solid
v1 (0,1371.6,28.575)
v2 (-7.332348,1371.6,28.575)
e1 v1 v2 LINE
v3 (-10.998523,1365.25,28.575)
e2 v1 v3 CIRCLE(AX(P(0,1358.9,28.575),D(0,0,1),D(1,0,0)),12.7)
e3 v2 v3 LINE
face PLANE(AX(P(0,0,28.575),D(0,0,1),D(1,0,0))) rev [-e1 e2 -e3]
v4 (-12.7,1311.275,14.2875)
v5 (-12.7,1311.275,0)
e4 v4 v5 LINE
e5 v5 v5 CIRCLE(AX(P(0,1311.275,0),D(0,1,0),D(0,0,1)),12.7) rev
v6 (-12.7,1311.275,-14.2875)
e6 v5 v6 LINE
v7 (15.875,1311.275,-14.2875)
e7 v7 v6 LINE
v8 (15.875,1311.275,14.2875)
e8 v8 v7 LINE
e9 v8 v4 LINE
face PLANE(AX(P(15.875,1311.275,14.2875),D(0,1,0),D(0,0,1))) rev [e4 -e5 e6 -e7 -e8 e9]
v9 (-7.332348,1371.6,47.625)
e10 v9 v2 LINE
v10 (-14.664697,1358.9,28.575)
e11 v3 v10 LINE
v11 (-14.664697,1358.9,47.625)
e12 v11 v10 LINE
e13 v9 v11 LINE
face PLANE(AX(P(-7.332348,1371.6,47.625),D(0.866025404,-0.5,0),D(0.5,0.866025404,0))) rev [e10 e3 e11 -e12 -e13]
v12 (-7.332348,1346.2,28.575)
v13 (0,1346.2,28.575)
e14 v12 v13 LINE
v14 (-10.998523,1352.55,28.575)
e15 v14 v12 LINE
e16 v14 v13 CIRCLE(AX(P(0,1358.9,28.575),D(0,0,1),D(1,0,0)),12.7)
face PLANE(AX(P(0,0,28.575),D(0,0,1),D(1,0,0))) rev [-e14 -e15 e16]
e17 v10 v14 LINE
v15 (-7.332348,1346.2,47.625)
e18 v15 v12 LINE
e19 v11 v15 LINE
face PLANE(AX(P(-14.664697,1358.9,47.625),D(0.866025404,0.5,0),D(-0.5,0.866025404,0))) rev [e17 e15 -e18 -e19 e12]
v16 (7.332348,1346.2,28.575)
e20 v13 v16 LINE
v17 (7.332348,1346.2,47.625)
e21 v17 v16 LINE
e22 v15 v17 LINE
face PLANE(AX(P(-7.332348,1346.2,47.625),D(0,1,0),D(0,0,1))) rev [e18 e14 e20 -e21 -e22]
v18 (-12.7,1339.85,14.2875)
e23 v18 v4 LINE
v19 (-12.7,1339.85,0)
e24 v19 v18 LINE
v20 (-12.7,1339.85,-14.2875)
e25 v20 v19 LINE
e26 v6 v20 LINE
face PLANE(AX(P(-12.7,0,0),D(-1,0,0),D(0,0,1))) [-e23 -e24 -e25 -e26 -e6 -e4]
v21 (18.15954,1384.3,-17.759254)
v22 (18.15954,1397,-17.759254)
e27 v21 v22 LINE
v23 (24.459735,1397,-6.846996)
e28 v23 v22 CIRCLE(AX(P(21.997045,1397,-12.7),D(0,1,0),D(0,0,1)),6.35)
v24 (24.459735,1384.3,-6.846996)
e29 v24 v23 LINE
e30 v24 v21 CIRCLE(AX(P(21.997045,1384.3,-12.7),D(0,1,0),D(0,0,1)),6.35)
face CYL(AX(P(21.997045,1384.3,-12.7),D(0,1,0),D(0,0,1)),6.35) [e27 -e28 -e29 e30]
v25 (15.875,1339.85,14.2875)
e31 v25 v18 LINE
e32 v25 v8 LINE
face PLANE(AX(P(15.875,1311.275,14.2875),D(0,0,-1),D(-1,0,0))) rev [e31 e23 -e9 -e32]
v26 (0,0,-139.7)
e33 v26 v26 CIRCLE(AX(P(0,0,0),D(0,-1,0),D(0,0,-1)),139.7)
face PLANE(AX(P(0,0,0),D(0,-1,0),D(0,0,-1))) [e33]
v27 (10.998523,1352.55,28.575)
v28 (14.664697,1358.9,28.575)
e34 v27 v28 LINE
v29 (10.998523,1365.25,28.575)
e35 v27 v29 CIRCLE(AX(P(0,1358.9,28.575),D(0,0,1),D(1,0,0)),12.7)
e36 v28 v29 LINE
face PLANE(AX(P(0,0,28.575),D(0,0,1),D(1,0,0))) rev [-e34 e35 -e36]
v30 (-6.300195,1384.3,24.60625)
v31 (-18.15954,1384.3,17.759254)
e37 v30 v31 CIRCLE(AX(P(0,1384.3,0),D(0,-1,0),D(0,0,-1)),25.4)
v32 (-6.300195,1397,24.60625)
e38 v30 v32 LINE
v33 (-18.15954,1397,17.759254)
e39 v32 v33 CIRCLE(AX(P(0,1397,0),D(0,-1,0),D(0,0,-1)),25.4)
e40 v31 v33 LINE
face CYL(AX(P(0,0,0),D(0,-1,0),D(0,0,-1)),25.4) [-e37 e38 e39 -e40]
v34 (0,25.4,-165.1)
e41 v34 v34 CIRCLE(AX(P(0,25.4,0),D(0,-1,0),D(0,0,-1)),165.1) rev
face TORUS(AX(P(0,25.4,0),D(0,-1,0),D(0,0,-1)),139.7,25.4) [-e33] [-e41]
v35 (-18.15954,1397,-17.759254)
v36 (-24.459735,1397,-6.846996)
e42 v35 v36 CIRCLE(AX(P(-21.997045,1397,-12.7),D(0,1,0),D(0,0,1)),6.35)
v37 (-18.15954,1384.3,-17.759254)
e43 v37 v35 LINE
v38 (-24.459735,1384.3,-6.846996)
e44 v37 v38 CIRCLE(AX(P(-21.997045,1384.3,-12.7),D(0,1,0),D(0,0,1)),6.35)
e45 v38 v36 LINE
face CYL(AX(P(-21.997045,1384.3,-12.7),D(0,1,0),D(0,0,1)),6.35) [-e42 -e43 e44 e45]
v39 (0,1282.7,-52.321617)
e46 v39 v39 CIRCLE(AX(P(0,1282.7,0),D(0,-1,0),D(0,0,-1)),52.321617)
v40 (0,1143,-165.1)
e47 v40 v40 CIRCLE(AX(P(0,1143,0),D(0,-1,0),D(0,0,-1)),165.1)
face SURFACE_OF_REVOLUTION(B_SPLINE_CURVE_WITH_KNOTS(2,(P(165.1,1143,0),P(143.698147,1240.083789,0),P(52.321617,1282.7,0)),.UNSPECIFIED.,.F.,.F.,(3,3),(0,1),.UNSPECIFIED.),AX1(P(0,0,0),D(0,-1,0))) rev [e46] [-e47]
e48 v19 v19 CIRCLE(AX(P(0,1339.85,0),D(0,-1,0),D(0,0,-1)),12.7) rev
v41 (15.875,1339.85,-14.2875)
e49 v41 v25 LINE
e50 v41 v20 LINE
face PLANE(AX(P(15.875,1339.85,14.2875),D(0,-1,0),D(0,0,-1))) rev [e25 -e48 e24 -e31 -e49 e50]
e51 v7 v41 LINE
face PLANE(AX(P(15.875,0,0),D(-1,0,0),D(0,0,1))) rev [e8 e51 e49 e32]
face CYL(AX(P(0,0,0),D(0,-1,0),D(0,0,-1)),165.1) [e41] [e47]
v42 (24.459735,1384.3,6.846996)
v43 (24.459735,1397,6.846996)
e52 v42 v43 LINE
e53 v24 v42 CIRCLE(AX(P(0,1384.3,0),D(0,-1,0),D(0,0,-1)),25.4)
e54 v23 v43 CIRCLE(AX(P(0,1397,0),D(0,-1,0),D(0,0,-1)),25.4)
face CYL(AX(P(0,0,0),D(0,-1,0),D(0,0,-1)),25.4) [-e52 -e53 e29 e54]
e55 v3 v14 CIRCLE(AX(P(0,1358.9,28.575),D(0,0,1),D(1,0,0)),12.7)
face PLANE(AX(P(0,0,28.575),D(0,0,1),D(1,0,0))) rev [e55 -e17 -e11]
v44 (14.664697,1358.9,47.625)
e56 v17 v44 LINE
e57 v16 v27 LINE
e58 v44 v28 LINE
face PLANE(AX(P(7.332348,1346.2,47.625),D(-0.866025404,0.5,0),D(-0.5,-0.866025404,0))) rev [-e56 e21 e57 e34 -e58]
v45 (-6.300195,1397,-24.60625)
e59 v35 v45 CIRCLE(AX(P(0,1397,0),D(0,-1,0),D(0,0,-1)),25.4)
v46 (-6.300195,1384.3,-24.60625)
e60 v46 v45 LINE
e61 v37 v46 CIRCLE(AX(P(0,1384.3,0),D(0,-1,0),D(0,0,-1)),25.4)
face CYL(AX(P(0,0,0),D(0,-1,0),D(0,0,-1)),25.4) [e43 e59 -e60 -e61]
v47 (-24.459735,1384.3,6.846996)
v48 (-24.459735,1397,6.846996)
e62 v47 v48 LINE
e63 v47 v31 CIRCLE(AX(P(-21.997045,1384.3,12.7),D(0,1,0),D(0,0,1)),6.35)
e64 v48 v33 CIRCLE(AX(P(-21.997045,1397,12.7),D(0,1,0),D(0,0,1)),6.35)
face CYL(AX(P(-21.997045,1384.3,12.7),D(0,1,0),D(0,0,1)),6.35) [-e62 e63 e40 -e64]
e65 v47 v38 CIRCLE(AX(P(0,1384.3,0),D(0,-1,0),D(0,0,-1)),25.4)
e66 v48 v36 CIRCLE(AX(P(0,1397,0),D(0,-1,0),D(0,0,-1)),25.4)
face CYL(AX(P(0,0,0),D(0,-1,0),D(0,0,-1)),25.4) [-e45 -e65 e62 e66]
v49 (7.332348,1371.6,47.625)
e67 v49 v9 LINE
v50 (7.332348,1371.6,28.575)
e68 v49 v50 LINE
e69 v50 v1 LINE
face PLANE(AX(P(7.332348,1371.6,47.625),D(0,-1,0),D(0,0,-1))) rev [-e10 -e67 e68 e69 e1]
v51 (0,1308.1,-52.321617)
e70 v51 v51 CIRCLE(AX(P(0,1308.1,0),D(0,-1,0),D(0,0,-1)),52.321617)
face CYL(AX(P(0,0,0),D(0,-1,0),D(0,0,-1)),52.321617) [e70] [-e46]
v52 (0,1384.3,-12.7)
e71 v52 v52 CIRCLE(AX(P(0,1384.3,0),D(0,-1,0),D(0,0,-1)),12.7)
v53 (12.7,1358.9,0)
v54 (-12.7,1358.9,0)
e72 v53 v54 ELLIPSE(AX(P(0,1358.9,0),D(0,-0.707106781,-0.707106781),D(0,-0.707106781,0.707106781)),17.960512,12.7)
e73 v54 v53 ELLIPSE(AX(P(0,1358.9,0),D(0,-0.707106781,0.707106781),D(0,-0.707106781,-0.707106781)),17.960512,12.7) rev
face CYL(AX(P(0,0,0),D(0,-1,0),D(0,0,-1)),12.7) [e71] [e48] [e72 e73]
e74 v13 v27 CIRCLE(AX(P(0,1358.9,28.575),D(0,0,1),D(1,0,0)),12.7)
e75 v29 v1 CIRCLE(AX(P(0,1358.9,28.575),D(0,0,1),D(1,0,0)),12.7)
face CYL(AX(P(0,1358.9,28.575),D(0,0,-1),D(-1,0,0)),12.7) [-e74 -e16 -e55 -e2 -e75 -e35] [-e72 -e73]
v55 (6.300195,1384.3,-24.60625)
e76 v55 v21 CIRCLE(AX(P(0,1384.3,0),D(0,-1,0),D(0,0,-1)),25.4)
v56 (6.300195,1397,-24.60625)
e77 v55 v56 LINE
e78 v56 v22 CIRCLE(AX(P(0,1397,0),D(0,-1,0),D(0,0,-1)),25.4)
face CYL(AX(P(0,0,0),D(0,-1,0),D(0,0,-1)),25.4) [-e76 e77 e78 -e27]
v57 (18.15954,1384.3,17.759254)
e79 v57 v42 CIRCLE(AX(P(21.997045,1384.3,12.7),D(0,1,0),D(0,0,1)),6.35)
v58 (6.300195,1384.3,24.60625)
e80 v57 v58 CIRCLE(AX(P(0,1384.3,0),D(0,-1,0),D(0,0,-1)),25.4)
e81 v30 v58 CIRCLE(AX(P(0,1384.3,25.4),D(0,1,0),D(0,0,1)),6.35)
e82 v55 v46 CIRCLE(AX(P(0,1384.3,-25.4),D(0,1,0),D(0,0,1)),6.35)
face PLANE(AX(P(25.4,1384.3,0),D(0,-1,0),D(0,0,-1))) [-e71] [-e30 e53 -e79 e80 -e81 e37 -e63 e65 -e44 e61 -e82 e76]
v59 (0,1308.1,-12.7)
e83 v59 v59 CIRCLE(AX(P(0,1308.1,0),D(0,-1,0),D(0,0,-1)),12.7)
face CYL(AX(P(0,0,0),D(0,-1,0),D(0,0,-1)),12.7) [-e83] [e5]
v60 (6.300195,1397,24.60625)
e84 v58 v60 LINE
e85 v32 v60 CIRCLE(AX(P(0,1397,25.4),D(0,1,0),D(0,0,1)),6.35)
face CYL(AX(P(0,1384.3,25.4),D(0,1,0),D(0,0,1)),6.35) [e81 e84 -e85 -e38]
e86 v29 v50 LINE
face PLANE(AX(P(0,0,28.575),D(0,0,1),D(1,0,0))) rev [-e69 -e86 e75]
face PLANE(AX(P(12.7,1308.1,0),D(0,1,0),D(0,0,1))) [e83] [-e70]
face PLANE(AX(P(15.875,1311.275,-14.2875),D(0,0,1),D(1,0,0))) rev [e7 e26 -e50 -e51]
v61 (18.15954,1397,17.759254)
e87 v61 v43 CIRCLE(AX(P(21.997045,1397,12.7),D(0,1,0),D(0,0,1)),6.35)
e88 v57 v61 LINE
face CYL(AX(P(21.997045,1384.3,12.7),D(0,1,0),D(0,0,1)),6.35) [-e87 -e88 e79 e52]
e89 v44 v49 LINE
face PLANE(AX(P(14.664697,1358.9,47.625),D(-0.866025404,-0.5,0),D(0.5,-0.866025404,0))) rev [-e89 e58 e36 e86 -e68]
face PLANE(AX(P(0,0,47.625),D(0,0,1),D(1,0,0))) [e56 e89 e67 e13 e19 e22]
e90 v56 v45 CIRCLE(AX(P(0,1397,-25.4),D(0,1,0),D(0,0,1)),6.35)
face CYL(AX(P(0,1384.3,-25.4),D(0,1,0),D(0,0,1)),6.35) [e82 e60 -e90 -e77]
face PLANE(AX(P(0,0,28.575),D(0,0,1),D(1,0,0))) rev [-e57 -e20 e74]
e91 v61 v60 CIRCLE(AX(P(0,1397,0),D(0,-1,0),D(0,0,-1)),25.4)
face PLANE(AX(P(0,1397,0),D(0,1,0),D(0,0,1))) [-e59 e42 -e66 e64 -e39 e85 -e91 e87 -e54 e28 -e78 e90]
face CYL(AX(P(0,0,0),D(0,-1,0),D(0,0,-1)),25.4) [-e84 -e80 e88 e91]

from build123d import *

# Parameters (mm, degrees)
BOSS_EXTRUDE1_DEPTH = 12.7
BOSS_EXTRUDE2_START = -12.7
SKETCH3_W           = 28.575
SKETCH3_H           = 28.575
BOSS_EXTRUDE2_DEPTH = 28.575
SKETCH4_R           = 12.7
BOSS_EXTRUDE3_DEPTH = 28.575
BOSS_EXTRUDE4_DEPTH = 19.05
FILLET1_R           = 25.4


with BuildPart() as part:
    # Sketch1 → Revolve1 (revolve)
    with BuildSketch(Plane.XY, mode=Mode.PRIVATE) as revolve1_sk:
        with BuildLine():
            Line((0, 0), (165.1, 0))
            Line((165.1, 0), (165.1, 1143))
            add(Edge.make_bspline(
                [(165.1, 1143), (143.698147325, 1240.08378947), (52.321616657, 1282.7)],
                knots=[0, 0, 0, 1, 1, 1], degree=2))
            Line((52.321616657, 1282.7), (52.321616657, 1308.1))
            Line((52.321616657, 1308.1), (12.7, 1308.1))
            Line((12.7, 1308.1), (12.7, 1384.3))
            Line((12.7, 1384.3), (25.4, 1384.3))
            Line((25.4, 1384.3), (25.4, 1397))
            Line((25.4, 1397), (0, 1397))
            Line((0, 1397), (0, 0))
        make_face()
    revolve(revolve1_sk.sketch.rotate(Axis((0, 0, 0), (0, 1, 0)), 90), axis=Axis((0, 0, 0), (0, 1, 0)))

    # Sketch2 → Boss-Extrude1 (add)
    with BuildSketch(Plane(origin=(0, 1397, 0), x_dir=(1, 0, 0), z_dir=(0, 1, 0))):
        with BuildLine():
            ThreePointArc((-18.159539937, -17.759254187), (-12.7, -21.997045256), (-6.300195309, -24.60625))
            ThreePointArc((-6.300195309, -24.60625), (0, -31.75), (6.300195309, -24.60625))
            ThreePointArc((6.300195309, -24.60625), (12.7, -21.997045256), (18.159539937, -17.759254187))
            ThreePointArc((18.159539937, -17.759254187), (27.49630657, -15.875), (24.459735247, -6.846995813))
            ThreePointArc((24.459735247, -6.846995813), (25.4, 0), (24.459735247, 6.846995813))
            ThreePointArc((24.459735247, 6.846995813), (27.49630657, 15.875), (18.159539937, 17.759254187))
            ThreePointArc((18.159539937, 17.759254187), (12.7, 21.997045256), (6.300195309, 24.60625))
            ThreePointArc((6.300195309, 24.60625), (0, 31.75), (-6.300195309, 24.60625))
            ThreePointArc((-6.300195309, 24.60625), (-12.7, 21.997045256), (-18.159539937, 17.759254187))
            ThreePointArc((-18.159539937, 17.759254187), (-27.49630657, 15.875), (-24.459735247, 6.846995813))
            ThreePointArc((-24.459735247, 6.846995813), (-25.4, 0), (-24.459735247, -6.846995813))
            ThreePointArc((-24.459735247, -6.846995813), (-27.49630657, -15.875), (-18.159539937, -17.759254187))
        make_face()
    extrude(amount=-BOSS_EXTRUDE1_DEPTH)

    # Sketch3 → Boss-Extrude2 (add)
    with BuildSketch(Plane(origin=(0, 0, 0), x_dir=(0, 0, -1), z_dir=(1, 0, 0)).offset(BOSS_EXTRUDE2_START)):
        with Locations((0, 1325.5625)):
            Rectangle(SKETCH3_W, SKETCH3_H)
    extrude(amount=BOSS_EXTRUDE2_DEPTH)

    # Sketch4 → Boss-Extrude3 (add)
    with BuildSketch(Plane.XY):
        with Locations((0, 1358.9)):
            Circle(SKETCH4_R)
    extrude(amount=BOSS_EXTRUDE3_DEPTH)

    # Sketch5 → Boss-Extrude4 (add)
    with BuildSketch(Plane.XY.offset(28.575)):
        Polygon((14.664696837, 1358.9), (7.332348419, 1371.6), (-7.332348419, 1371.6), (-14.664696837, 1358.9), (-7.332348419, 1346.2), (7.332348419, 1346.2), align=None)
    extrude(amount=BOSS_EXTRUDE4_DEPTH)

    # Fillet1
    fillet1_edges = [part.edges().sort_by_distance(p)[0] for p in [
        (0, 0, 165.1),
    ]]
    fillet(fillet1_edges, radius=FILLET1_R)


solid = part.part
